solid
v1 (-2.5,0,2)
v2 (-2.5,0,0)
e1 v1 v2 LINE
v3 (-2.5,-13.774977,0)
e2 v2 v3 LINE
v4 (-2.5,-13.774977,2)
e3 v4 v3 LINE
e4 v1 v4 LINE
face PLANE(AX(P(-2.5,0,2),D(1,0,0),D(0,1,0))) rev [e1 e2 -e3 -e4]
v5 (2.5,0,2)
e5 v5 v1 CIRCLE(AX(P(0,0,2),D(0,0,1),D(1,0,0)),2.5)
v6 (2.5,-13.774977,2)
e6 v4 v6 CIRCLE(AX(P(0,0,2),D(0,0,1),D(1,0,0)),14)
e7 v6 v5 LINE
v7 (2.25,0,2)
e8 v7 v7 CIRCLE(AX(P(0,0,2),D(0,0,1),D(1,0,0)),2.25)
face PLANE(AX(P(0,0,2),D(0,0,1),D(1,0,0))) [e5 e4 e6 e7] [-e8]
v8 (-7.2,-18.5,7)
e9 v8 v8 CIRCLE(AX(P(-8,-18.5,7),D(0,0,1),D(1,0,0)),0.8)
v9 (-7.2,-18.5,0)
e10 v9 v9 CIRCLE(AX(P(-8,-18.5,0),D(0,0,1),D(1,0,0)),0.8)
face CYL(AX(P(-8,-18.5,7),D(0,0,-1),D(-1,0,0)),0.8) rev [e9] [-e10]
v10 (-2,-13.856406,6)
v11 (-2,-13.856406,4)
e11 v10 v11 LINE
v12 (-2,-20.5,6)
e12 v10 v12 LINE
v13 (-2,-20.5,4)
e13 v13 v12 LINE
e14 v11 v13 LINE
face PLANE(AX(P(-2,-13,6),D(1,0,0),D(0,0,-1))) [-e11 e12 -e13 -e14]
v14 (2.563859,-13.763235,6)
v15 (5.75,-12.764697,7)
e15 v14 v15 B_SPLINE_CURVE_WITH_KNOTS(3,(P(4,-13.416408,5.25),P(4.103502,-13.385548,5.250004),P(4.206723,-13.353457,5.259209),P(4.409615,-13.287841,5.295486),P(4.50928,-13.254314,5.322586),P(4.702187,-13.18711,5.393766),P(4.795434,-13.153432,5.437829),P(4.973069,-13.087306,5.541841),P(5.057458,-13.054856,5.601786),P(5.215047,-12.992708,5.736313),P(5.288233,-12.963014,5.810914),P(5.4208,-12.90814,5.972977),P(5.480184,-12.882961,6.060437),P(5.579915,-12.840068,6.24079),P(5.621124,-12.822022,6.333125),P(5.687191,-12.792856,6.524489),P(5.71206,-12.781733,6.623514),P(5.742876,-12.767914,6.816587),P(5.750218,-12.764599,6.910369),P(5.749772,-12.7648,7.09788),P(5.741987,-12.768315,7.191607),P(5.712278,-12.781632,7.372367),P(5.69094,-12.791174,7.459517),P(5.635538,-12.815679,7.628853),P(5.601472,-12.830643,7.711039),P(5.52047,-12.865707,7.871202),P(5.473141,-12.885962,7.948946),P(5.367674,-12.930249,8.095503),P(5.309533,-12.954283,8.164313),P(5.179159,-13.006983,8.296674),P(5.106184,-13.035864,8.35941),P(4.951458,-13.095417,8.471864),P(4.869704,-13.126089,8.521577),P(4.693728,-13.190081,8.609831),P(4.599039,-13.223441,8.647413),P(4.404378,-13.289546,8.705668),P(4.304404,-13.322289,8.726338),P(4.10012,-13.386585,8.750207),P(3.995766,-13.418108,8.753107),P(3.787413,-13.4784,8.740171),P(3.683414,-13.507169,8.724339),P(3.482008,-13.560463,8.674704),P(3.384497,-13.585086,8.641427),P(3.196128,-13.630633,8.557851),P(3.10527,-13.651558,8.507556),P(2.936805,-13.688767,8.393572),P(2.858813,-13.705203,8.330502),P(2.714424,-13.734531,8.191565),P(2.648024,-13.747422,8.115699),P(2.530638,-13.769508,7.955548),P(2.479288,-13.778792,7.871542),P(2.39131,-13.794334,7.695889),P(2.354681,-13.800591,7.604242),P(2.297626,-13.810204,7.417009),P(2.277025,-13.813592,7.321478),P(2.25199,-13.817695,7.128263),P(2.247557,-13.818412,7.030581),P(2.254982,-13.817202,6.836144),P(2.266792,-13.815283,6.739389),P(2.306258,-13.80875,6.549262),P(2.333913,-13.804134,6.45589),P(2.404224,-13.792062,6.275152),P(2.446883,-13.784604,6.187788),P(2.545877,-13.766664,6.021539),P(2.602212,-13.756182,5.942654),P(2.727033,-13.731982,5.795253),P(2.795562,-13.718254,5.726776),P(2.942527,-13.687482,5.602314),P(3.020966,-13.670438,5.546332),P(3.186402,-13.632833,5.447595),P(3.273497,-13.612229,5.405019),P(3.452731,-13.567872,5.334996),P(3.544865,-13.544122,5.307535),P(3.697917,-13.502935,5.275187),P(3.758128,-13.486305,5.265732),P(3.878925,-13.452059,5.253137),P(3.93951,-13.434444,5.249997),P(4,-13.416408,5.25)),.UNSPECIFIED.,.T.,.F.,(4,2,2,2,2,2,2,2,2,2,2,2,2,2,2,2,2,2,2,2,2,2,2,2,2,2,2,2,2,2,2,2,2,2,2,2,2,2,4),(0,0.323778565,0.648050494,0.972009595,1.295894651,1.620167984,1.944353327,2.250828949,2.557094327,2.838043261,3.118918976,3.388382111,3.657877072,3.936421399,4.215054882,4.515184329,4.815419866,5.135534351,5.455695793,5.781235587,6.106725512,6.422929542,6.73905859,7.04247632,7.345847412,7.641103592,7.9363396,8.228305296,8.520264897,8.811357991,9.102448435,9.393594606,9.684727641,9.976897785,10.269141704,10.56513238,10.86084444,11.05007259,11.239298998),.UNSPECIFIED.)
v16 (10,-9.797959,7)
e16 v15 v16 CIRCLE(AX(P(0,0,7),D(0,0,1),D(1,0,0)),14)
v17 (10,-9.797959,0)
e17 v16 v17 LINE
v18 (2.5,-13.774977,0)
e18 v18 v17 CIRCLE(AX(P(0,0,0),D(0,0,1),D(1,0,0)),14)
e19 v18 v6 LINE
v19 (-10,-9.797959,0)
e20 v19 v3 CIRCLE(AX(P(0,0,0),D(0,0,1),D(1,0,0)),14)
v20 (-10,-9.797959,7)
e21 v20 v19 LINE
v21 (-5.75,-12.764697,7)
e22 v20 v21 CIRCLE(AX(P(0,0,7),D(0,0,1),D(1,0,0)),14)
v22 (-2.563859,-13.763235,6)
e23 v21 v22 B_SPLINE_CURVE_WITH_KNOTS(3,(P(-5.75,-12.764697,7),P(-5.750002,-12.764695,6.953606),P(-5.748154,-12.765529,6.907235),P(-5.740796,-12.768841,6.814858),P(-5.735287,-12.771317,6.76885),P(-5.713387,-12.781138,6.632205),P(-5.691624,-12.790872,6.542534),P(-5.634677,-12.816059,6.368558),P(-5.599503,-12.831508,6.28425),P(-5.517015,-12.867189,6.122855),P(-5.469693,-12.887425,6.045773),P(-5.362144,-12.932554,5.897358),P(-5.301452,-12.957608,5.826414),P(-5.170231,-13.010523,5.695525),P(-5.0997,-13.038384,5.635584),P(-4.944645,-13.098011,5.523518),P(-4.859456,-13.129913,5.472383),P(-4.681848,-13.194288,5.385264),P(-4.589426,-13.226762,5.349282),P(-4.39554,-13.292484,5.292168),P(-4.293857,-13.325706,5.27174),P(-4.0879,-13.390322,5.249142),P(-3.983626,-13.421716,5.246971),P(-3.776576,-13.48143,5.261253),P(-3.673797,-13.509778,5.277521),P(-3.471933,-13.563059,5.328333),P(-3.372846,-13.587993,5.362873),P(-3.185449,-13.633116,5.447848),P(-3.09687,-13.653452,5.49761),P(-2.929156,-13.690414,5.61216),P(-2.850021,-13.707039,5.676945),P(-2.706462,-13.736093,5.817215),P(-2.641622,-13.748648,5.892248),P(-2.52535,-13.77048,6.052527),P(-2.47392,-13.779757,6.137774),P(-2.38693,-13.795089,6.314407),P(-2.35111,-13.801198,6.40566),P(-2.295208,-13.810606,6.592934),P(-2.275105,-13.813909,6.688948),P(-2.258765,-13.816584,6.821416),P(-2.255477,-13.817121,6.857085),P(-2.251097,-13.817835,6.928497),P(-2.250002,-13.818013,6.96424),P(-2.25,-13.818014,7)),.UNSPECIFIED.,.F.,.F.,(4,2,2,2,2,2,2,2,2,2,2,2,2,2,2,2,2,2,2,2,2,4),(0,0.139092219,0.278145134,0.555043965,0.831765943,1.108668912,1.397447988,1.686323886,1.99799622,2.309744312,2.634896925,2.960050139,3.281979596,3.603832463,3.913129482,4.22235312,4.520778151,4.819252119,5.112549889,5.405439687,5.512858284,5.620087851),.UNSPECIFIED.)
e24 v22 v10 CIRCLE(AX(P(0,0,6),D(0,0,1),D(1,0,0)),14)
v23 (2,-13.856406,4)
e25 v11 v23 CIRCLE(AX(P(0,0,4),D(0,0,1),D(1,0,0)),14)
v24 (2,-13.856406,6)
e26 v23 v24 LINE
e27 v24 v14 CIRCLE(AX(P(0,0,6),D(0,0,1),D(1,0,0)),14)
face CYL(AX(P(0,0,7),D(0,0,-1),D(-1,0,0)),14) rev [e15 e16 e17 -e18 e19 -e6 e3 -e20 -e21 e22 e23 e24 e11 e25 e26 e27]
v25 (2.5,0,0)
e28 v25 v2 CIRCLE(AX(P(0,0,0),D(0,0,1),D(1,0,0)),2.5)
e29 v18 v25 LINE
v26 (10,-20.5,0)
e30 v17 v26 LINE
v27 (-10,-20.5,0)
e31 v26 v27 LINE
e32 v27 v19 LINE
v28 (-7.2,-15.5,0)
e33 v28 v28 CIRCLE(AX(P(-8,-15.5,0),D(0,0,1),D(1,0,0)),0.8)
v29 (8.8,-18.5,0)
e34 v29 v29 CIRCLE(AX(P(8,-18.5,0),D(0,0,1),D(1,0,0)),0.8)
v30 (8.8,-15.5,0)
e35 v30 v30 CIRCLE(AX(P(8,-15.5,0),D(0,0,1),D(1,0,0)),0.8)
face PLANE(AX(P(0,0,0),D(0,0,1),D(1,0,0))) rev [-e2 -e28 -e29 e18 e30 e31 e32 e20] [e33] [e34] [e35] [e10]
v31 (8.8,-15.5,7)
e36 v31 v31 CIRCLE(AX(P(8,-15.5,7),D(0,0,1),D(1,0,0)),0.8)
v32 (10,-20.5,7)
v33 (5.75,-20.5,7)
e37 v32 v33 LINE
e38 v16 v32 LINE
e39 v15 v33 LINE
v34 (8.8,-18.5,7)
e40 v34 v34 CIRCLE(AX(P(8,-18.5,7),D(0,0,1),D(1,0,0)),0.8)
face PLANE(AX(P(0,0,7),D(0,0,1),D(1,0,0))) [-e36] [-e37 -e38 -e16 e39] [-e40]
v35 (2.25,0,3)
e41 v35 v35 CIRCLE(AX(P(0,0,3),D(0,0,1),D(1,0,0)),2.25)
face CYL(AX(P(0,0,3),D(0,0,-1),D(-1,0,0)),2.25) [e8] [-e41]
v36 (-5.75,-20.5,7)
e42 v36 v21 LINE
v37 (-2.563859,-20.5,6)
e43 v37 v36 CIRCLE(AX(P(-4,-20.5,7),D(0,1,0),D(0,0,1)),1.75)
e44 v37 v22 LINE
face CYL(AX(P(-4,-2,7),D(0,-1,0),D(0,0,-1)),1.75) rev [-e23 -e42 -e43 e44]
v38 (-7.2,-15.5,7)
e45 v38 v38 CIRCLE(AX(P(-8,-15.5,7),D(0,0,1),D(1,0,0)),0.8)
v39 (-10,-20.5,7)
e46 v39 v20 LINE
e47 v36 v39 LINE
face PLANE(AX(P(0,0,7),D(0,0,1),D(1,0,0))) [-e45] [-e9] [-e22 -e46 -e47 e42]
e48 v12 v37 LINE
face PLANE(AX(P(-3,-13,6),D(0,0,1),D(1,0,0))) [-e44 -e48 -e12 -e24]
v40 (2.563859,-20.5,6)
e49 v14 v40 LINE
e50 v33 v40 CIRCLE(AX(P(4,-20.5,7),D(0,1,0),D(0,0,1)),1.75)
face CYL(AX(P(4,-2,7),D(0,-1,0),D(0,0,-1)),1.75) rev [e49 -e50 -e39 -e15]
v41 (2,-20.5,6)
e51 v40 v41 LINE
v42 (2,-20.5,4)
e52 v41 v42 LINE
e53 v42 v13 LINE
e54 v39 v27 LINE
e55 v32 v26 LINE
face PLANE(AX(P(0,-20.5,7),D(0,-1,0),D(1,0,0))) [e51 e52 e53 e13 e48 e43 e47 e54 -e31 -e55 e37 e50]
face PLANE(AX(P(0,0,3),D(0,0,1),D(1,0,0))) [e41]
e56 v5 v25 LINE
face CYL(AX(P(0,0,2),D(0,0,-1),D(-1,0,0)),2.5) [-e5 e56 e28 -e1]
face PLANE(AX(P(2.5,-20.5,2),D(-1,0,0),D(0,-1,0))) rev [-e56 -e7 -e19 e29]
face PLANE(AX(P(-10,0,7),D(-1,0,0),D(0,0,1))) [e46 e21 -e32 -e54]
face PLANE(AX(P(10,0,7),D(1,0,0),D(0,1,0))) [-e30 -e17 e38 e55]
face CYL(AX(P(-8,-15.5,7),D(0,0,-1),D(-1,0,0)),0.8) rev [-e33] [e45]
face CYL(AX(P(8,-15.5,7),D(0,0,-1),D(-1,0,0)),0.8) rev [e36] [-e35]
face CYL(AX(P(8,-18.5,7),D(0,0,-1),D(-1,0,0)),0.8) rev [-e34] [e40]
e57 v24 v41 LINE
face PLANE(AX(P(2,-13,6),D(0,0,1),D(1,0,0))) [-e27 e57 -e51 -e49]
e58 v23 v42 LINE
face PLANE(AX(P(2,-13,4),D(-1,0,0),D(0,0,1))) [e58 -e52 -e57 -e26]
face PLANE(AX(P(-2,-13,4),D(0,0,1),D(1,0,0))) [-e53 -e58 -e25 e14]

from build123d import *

# Parameters (mm, degrees)
BOSS_EXTRUDE1_DEPTH = 7
BOSS_EXTRUDE2_DEPTH = 2
BOSS_EXTRUDE3_START = 2
SKETCH3_R           = 2.25
BOSS_EXTRUDE3_DEPTH = 1
SKETCH4_R           = 0.8
SCREW_HOLES_DEPTH   = 8
CABLE_START         = -20.5
SKETCH6_R           = 1.75
CABLE_TUBES_DEPTH   = 18.5
WIRE_START          = -20.5
WIRE_CANALS_DEPTH   = 7.5


with BuildPart() as part:
    # Sketch1 → Boss-Extrude1 (new body)
    with BuildSketch(Plane.XY):
        with BuildLine():
            ThreePointArc((10, -9.797958971), (0, -14), (-10, -9.797958971))
            Line((-10, -9.797958971), (-10, -20.5))
            Line((-10, -20.5), (10, -20.5))
            Line((10, -20.5), (10, -9.797958971))
        make_face()
    extrude(amount=BOSS_EXTRUDE1_DEPTH)

    # Sketch2 → Boss-Extrude2 (add)
    with BuildSketch(Plane.XY):
        with BuildLine():
            Line((-2.5, 0), (-2.5, -20.5))
            Line((-2.5, -20.5), (2.5, -20.5))
            Line((2.5, -20.5), (2.5, 0))
            ThreePointArc((2.5, 0), (0, 2.5), (-2.5, 0))
        make_face()
    extrude(amount=BOSS_EXTRUDE2_DEPTH)

    # Sketch3 → Boss-Extrude3 (add)
    with BuildSketch(Plane.XY.offset(BOSS_EXTRUDE3_START)):
        Circle(SKETCH3_R)
    extrude(amount=BOSS_EXTRUDE3_DEPTH)

    # Sketch4 → Screw Holes (cut, through all)
    with BuildSketch(Plane.XY):
        with Locations((-8, -15.5)):
            Circle(SKETCH4_R)
        with Locations((8, -15.5)):
            Circle(SKETCH4_R)
        with Locations((-8, -18.5)):
            Circle(SKETCH4_R)
        with Locations((8, -18.5)):
            Circle(SKETCH4_R)
    extrude(amount=SCREW_HOLES_DEPTH, mode=Mode.SUBTRACT)

    # Sketch6 → Cable Tubes (cut)
    with BuildSketch(Plane(origin=(0, 0, 0), x_dir=(1, 0, 0), z_dir=(0, 1, 0)).offset(CABLE_START)):
        with Locations((-4, -7)):
            Circle(SKETCH6_R)
        with Locations((4, -7)):
            Circle(SKETCH6_R)
    extrude(amount=CABLE_TUBES_DEPTH, mode=Mode.SUBTRACT)

    # Sketch7 → Wire Canals (cut)
    with BuildSketch(Plane(origin=(0, 0, 0), x_dir=(1, 0, 0), z_dir=(0, 1, 0)).offset(WIRE_START)):
        Polygon((-3, -6), (-2, -6), (-2, -4), (2, -4), (2, -6), (3, -6), (3, -7), (-3, -7), align=None)
    extrude(amount=WIRE_CANALS_DEPTH, mode=Mode.SUBTRACT)


solid = part.part
